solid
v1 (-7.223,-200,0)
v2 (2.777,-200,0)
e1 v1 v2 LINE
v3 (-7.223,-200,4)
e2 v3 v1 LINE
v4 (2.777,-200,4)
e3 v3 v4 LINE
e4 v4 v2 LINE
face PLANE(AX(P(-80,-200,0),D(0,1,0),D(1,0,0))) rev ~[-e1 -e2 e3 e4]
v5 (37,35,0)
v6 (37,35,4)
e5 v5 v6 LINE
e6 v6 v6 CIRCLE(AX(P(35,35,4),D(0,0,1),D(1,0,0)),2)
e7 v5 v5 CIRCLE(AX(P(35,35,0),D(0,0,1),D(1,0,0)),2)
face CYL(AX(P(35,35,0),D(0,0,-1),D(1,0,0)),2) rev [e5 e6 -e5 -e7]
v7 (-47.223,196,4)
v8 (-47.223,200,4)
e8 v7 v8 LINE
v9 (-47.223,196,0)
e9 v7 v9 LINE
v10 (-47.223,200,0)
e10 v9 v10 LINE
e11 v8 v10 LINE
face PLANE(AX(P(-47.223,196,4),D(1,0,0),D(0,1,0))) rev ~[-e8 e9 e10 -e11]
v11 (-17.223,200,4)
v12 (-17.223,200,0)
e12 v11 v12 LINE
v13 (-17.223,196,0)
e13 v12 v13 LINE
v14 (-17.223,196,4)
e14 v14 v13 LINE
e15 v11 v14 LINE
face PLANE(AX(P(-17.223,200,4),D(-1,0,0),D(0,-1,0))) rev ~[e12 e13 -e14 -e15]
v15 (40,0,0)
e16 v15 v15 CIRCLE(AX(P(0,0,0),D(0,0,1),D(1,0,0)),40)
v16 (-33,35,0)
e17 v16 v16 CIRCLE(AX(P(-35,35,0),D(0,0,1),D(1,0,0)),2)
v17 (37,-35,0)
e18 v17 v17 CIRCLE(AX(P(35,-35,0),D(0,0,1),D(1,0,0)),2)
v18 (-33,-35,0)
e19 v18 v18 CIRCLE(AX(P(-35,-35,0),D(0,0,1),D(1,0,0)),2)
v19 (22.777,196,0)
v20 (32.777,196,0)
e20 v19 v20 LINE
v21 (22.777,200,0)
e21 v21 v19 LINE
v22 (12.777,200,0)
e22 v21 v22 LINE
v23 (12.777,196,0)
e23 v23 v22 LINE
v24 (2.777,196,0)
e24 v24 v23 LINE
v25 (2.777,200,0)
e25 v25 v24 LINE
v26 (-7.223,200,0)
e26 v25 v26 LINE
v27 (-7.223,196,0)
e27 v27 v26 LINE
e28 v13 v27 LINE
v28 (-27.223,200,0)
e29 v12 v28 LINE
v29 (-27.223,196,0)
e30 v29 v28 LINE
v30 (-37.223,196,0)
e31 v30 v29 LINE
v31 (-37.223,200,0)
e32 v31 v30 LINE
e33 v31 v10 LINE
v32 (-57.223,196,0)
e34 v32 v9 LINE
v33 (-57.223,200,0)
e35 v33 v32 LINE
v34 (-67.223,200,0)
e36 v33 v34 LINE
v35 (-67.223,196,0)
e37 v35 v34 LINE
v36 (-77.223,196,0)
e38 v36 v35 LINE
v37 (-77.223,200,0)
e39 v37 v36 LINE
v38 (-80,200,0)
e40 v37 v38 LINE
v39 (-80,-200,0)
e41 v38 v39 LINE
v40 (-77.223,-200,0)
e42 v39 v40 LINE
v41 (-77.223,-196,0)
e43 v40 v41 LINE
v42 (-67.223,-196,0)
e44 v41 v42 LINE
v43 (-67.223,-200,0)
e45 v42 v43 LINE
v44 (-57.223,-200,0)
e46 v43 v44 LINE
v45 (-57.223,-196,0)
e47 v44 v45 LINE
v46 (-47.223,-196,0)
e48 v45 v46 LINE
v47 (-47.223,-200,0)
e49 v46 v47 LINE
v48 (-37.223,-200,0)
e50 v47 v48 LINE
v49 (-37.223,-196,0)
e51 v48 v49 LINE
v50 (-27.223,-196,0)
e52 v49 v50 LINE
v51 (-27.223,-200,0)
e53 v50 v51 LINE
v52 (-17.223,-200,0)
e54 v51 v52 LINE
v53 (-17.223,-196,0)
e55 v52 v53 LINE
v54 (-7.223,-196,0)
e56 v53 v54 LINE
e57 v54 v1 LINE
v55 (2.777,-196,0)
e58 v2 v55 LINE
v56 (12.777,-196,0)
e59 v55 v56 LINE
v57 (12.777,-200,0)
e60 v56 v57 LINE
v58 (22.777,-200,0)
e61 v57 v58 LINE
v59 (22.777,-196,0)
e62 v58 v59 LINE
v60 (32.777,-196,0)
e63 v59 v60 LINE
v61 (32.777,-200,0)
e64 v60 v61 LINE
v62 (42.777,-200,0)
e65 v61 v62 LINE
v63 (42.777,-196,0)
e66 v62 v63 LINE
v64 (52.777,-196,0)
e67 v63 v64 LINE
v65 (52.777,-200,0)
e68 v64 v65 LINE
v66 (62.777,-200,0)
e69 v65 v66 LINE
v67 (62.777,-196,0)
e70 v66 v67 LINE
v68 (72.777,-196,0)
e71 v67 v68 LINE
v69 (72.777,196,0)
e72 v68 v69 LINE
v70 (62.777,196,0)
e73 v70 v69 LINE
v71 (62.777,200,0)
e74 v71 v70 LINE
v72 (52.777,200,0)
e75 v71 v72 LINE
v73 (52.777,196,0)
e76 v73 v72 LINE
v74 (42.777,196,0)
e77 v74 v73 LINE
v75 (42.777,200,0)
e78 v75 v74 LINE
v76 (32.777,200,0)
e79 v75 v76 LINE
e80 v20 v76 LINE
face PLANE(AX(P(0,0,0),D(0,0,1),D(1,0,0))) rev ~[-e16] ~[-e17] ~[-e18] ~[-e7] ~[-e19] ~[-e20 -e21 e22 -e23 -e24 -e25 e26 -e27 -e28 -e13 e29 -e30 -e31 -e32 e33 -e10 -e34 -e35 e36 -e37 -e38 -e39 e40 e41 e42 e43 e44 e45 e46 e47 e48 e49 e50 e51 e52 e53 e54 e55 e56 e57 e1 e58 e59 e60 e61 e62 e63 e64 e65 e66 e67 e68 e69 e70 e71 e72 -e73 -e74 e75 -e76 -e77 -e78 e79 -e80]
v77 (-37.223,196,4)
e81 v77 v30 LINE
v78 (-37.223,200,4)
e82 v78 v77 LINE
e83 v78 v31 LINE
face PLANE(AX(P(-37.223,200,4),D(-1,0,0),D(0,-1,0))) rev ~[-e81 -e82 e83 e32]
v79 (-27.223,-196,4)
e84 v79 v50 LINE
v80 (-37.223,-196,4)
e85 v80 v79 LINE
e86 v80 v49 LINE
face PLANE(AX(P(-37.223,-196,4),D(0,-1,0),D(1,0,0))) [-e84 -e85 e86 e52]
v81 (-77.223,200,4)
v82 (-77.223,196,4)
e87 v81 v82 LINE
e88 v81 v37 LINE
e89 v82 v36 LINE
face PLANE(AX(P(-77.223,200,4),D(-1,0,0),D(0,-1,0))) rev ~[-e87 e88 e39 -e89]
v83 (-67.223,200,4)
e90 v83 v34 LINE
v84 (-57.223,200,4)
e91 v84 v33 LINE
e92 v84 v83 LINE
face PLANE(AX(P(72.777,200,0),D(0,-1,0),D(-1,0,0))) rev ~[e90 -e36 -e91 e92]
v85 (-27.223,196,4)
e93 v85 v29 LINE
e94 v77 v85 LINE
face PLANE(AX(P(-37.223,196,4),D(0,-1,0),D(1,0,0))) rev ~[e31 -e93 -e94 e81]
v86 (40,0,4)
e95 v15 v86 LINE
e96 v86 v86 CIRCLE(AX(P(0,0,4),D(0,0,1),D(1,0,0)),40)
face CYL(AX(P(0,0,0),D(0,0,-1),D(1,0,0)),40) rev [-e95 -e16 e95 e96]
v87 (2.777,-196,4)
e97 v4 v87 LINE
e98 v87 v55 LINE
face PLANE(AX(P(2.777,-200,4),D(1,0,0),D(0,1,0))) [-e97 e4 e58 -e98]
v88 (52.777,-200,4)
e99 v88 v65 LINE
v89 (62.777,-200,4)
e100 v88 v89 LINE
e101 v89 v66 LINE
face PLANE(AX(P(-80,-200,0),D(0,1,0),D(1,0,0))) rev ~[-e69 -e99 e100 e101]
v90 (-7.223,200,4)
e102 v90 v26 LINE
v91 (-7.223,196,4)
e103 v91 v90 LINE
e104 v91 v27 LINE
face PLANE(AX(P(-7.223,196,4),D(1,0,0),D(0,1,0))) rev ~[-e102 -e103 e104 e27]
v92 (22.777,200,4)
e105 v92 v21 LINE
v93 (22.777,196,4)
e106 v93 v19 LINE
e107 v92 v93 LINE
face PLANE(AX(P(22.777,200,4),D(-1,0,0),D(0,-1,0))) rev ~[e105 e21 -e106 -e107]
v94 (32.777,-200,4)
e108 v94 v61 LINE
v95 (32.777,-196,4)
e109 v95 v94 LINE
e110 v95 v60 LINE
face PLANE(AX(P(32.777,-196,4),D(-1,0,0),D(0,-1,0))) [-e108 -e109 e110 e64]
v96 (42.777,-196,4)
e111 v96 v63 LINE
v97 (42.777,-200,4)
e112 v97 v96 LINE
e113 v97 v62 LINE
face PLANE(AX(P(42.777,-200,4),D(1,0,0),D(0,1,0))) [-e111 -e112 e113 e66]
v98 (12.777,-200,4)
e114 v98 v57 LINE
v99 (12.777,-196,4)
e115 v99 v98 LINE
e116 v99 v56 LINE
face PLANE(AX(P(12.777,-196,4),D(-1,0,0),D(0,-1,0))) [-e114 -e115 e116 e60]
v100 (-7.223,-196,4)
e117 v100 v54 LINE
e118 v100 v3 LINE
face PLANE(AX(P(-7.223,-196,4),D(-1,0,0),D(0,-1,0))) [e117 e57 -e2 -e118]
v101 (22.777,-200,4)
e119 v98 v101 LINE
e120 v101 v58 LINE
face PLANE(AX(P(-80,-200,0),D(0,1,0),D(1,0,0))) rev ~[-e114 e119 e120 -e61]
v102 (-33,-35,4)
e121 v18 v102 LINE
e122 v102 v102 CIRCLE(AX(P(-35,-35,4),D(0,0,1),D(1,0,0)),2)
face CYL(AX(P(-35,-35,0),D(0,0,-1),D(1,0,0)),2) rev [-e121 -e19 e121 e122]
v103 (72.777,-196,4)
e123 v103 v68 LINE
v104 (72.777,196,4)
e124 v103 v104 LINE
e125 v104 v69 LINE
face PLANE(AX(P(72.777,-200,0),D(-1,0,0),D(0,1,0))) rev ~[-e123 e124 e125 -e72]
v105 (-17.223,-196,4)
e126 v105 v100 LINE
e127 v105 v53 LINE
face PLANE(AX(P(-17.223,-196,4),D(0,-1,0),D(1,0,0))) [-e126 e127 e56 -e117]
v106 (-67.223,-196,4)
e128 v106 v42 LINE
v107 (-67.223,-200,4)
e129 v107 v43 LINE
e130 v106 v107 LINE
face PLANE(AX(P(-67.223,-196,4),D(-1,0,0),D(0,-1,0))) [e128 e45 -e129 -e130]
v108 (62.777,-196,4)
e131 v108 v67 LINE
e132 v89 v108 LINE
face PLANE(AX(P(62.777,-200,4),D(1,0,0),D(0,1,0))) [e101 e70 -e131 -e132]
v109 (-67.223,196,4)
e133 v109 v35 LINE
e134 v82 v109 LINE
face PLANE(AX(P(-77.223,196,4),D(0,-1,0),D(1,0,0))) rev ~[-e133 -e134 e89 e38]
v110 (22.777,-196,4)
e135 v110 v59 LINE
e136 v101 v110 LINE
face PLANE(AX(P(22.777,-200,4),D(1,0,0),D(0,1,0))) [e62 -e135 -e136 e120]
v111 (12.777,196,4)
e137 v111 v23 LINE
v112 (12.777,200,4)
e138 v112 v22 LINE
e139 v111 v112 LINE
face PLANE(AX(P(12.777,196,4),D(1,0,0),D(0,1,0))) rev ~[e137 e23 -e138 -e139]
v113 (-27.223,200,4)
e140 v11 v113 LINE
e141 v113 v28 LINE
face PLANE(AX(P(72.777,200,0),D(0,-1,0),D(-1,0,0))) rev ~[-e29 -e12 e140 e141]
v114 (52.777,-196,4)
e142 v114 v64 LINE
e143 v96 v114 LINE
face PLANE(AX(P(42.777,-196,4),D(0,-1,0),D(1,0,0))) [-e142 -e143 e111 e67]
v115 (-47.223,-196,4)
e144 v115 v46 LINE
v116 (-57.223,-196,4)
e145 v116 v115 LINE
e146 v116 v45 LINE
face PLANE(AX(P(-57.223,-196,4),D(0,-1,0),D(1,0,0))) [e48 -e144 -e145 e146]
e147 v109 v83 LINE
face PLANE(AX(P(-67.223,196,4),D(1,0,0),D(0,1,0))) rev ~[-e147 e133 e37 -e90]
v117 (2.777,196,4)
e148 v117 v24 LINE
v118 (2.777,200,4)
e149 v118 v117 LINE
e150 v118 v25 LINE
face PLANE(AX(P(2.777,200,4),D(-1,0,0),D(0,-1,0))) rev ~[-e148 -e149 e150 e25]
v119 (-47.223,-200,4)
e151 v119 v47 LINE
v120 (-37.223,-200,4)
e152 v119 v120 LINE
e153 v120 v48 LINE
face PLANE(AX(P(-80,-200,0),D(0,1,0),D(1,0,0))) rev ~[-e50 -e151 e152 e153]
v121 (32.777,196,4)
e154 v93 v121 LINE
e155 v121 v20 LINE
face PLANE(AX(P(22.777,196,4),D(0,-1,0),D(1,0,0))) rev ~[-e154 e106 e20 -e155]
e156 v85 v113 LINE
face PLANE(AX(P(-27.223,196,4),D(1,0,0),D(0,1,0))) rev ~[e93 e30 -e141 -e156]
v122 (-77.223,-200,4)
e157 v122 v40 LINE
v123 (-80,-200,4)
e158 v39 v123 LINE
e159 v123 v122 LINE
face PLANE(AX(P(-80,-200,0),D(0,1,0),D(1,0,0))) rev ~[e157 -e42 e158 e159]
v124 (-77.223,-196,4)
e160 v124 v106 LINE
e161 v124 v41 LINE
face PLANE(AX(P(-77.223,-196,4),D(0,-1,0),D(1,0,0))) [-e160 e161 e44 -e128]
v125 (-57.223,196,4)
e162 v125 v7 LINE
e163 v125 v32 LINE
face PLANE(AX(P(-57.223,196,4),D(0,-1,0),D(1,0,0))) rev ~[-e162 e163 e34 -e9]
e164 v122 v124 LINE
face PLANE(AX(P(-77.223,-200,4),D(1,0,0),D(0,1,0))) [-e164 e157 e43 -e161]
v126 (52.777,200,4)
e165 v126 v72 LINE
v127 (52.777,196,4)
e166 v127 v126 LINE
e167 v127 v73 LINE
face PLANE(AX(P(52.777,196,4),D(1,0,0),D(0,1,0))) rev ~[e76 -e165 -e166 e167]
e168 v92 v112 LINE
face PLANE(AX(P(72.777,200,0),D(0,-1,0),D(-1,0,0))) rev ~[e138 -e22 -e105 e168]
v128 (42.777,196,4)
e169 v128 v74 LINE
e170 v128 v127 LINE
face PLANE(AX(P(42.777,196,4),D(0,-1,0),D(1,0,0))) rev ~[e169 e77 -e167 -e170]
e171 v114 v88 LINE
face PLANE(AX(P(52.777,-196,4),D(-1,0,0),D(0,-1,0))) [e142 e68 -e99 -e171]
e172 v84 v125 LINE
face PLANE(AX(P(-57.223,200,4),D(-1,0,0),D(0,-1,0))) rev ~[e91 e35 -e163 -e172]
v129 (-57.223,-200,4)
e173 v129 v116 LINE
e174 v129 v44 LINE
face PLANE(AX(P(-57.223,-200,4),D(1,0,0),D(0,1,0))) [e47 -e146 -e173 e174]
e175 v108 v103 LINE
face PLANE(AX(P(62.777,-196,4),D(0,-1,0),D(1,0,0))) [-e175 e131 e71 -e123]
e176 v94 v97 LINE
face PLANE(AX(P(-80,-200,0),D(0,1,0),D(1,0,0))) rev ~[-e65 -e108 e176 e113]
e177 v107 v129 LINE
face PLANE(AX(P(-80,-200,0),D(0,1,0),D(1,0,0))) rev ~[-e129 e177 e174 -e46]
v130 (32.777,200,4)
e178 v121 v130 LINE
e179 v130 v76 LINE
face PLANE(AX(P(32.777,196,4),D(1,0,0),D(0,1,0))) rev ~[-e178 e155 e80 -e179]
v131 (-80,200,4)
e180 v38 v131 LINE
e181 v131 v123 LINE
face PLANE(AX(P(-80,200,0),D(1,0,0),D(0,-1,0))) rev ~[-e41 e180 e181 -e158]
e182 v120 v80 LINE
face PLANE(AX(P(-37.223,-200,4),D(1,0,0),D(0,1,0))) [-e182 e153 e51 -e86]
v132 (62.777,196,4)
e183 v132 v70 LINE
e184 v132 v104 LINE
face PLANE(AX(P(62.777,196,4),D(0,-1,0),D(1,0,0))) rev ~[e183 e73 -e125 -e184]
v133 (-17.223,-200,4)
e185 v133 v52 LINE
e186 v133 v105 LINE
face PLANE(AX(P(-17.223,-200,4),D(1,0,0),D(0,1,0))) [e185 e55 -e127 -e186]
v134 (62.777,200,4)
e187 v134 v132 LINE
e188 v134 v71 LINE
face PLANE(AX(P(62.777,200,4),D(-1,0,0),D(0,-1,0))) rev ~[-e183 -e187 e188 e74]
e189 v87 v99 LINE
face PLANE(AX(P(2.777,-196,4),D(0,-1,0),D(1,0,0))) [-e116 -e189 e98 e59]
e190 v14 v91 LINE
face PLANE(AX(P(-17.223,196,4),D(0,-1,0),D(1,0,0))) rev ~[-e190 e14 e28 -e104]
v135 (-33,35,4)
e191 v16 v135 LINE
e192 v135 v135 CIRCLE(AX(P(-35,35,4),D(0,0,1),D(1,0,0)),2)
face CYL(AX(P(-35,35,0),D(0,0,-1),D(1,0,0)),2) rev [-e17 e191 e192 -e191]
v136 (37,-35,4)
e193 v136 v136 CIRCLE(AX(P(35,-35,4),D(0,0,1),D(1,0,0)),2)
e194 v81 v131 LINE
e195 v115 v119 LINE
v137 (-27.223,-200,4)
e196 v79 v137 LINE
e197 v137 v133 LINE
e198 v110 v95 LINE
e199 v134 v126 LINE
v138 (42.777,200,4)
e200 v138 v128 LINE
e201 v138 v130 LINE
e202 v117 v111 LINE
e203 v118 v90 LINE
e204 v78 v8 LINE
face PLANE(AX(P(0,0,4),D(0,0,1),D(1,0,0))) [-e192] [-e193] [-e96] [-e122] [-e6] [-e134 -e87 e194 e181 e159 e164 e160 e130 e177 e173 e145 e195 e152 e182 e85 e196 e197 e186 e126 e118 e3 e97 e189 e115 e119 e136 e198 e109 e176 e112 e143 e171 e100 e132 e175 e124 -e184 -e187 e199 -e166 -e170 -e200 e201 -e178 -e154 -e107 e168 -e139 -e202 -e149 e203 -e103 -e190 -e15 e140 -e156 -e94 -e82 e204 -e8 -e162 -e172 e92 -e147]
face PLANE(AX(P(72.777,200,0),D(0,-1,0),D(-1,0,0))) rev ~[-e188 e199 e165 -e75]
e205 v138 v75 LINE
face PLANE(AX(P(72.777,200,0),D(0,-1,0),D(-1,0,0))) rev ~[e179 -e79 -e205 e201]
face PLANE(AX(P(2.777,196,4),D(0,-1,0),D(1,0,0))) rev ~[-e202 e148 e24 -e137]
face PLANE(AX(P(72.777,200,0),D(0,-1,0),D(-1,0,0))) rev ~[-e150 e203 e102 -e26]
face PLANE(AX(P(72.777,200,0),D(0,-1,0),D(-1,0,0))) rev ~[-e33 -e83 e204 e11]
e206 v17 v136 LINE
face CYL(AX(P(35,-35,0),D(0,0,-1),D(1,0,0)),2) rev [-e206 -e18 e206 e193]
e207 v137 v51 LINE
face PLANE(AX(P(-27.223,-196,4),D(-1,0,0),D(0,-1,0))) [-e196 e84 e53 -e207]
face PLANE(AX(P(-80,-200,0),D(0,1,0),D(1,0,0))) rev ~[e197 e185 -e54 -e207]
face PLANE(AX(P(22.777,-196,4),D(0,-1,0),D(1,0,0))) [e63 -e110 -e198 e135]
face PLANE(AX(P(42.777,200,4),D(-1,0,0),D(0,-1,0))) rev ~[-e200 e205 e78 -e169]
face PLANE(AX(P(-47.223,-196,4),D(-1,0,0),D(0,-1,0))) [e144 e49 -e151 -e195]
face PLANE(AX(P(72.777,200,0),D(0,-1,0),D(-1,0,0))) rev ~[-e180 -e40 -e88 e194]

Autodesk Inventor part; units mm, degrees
ref_plane "YZ Plane" through (0, 0, 0) normal (1, 0, 0) x (0, 1, 0)
ref_plane "XZ Plane" through (0, 0, 0) normal (0, 1, 0) x (-1, 0, 0)
ref_plane "XY Plane" through (0, 0, 0) normal (0, 0, 1) x (1, 0, 0)
sketch "Эскиз1" plane through (0, 0, 0) normal (0, 0, 1) x (1, 0, 0)
  circle A0 centre (0, 0) radius 40 projected
  circle A1 centre (35, 35) radius 2 projected
  circle A2 centre (-35, 35) radius 2 projected
  circle A3 centre (-35, -35) radius 2 projected
  circle A4 centre (35, -35) radius 2 projected
  line L0 (72.777, 200) -> (-80, 200)
  line L1 (-80, 200) -> (-80, -200)
  line L2 (-80, -200) -> (72.777, -200)
  line L3 (72.777, -200) -> (72.777, 200)
  point P0 (0, 0)
  dimension "d0" = 400
  dimension "d1" = 200
  dimension "d2" = 80
extrude "Выдавливание1" add sketch "Эскиз1" along normal blind 4
sketch "Эскиз3" plane through (0, 0, 4) normal (0, 0, 1) x (1, 0, 0)
  line L0 (72.777, 200) -> (62.777, 200)
  line L1 (62.777, 200) -> (62.777, 196)
  line L2 (62.777, 196) -> (72.777, 196)
  line L3 (72.777, 196) -> (72.777, 200)
  line L4 (72.777, 200) -> (-80, 200) projected
  line L5 (52.777, 200) -> (42.777, 200)
  line L6 (42.777, 200) -> (42.777, 196)
  line L7 (42.777, 196) -> (52.777, 196)
  line L8 (52.777, 196) -> (52.777, 200)
  line L9 (32.777, 200) -> (22.777, 200)
  line L10 (22.777, 200) -> (22.777, 196)
  line L11 (22.777, 196) -> (32.777, 196)
  line L12 (32.777, 196) -> (32.777, 200)
  line L13 (12.777, 200) -> (2.777, 200)
  line L14 (2.777, 200) -> (2.777, 196)
  line L15 (2.777, 196) -> (12.777, 196)
  line L16 (12.777, 196) -> (12.777, 200)
  line L17 (-7.223, 200) -> (-17.223, 200)
  line L18 (-17.223, 200) -> (-17.223, 196)
  line L19 (-17.223, 196) -> (-7.223, 196)
  line L20 (-7.223, 196) -> (-7.223, 200)
  line L21 (-27.223, 200) -> (-37.223, 200)
  line L22 (-37.223, 200) -> (-37.223, 196)
  line L23 (-37.223, 196) -> (-27.223, 196)
  line L24 (-27.223, 196) -> (-27.223, 200)
  line L25 (-47.223, 200) -> (-57.223, 200)
  line L26 (-57.223, 200) -> (-57.223, 196)
  line L27 (-57.223, 196) -> (-47.223, 196)
  line L28 (-47.223, 196) -> (-47.223, 200)
  line L29 (-67.223, 200) -> (-77.223, 200)
  line L30 (-77.223, 200) -> (-77.223, 196)
  line L31 (-77.223, 196) -> (-67.223, 196)
  line L32 (-67.223, 196) -> (-67.223, 200)
  line L33 (0, 0) -> (123.2904, 0) construction
  line L34 (72.777, -200) -> (62.777, -200)
  line L35 (62.777, -200) -> (62.777, -196)
  line L36 (62.777, -196) -> (72.777, -196)
  line L37 (72.777, -196) -> (72.777, -200)
  line L38 (72.777, -200) -> (-80, -200)
  line L39 (52.777, -200) -> (42.777, -200)
  line L40 (42.777, -200) -> (42.777, -196)
  line L41 (42.777, -196) -> (52.777, -196)
  line L42 (52.777, -196) -> (52.777, -200)
  line L43 (32.777, -200) -> (22.777, -200)
  line L44 (22.777, -200) -> (22.777, -196)
  line L45 (22.777, -196) -> (32.777, -196)
  line L46 (32.777, -196) -> (32.777, -200)
  line L47 (12.777, -200) -> (2.777, -200)
  line L48 (2.777, -200) -> (2.777, -196)
  line L49 (2.777, -196) -> (12.777, -196)
  line L50 (12.777, -196) -> (12.777, -200)
  line L51 (-7.223, -200) -> (-17.223, -200)
  line L52 (-17.223, -200) -> (-17.223, -196)
  line L53 (-17.223, -196) -> (-7.223, -196)
  line L54 (-7.223, -196) -> (-7.223, -200)
  line L55 (-27.223, -200) -> (-37.223, -200)
  line L56 (-37.223, -200) -> (-37.223, -196)
  line L57 (-37.223, -196) -> (-27.223, -196)
  line L58 (-27.223, -196) -> (-27.223, -200)
  line L59 (-47.223, -200) -> (-57.223, -200)
  line L60 (-57.223, -200) -> (-57.223, -196)
  line L61 (-57.223, -196) -> (-47.223, -196)
  line L62 (-47.223, -196) -> (-47.223, -200)
  line L63 (-67.223, -200) -> (-77.223, -200)
  line L64 (-77.223, -200) -> (-77.223, -196)
  line L65 (-77.223, -196) -> (-67.223, -196)
  line L66 (-67.223, -196) -> (-67.223, -200)
  point P0 (-87.223, 200)
  point P1 (-87.223, -200)
  dimension "d7" = 10
  dimension "d8" = 4
  dimension "d11" = 20
extrude "Выдавливание2" cut sketch "Эскиз3" against normal blind 4
equation "\"d1\" = 0.5 * d0"
properties part number "задняя стенка"
